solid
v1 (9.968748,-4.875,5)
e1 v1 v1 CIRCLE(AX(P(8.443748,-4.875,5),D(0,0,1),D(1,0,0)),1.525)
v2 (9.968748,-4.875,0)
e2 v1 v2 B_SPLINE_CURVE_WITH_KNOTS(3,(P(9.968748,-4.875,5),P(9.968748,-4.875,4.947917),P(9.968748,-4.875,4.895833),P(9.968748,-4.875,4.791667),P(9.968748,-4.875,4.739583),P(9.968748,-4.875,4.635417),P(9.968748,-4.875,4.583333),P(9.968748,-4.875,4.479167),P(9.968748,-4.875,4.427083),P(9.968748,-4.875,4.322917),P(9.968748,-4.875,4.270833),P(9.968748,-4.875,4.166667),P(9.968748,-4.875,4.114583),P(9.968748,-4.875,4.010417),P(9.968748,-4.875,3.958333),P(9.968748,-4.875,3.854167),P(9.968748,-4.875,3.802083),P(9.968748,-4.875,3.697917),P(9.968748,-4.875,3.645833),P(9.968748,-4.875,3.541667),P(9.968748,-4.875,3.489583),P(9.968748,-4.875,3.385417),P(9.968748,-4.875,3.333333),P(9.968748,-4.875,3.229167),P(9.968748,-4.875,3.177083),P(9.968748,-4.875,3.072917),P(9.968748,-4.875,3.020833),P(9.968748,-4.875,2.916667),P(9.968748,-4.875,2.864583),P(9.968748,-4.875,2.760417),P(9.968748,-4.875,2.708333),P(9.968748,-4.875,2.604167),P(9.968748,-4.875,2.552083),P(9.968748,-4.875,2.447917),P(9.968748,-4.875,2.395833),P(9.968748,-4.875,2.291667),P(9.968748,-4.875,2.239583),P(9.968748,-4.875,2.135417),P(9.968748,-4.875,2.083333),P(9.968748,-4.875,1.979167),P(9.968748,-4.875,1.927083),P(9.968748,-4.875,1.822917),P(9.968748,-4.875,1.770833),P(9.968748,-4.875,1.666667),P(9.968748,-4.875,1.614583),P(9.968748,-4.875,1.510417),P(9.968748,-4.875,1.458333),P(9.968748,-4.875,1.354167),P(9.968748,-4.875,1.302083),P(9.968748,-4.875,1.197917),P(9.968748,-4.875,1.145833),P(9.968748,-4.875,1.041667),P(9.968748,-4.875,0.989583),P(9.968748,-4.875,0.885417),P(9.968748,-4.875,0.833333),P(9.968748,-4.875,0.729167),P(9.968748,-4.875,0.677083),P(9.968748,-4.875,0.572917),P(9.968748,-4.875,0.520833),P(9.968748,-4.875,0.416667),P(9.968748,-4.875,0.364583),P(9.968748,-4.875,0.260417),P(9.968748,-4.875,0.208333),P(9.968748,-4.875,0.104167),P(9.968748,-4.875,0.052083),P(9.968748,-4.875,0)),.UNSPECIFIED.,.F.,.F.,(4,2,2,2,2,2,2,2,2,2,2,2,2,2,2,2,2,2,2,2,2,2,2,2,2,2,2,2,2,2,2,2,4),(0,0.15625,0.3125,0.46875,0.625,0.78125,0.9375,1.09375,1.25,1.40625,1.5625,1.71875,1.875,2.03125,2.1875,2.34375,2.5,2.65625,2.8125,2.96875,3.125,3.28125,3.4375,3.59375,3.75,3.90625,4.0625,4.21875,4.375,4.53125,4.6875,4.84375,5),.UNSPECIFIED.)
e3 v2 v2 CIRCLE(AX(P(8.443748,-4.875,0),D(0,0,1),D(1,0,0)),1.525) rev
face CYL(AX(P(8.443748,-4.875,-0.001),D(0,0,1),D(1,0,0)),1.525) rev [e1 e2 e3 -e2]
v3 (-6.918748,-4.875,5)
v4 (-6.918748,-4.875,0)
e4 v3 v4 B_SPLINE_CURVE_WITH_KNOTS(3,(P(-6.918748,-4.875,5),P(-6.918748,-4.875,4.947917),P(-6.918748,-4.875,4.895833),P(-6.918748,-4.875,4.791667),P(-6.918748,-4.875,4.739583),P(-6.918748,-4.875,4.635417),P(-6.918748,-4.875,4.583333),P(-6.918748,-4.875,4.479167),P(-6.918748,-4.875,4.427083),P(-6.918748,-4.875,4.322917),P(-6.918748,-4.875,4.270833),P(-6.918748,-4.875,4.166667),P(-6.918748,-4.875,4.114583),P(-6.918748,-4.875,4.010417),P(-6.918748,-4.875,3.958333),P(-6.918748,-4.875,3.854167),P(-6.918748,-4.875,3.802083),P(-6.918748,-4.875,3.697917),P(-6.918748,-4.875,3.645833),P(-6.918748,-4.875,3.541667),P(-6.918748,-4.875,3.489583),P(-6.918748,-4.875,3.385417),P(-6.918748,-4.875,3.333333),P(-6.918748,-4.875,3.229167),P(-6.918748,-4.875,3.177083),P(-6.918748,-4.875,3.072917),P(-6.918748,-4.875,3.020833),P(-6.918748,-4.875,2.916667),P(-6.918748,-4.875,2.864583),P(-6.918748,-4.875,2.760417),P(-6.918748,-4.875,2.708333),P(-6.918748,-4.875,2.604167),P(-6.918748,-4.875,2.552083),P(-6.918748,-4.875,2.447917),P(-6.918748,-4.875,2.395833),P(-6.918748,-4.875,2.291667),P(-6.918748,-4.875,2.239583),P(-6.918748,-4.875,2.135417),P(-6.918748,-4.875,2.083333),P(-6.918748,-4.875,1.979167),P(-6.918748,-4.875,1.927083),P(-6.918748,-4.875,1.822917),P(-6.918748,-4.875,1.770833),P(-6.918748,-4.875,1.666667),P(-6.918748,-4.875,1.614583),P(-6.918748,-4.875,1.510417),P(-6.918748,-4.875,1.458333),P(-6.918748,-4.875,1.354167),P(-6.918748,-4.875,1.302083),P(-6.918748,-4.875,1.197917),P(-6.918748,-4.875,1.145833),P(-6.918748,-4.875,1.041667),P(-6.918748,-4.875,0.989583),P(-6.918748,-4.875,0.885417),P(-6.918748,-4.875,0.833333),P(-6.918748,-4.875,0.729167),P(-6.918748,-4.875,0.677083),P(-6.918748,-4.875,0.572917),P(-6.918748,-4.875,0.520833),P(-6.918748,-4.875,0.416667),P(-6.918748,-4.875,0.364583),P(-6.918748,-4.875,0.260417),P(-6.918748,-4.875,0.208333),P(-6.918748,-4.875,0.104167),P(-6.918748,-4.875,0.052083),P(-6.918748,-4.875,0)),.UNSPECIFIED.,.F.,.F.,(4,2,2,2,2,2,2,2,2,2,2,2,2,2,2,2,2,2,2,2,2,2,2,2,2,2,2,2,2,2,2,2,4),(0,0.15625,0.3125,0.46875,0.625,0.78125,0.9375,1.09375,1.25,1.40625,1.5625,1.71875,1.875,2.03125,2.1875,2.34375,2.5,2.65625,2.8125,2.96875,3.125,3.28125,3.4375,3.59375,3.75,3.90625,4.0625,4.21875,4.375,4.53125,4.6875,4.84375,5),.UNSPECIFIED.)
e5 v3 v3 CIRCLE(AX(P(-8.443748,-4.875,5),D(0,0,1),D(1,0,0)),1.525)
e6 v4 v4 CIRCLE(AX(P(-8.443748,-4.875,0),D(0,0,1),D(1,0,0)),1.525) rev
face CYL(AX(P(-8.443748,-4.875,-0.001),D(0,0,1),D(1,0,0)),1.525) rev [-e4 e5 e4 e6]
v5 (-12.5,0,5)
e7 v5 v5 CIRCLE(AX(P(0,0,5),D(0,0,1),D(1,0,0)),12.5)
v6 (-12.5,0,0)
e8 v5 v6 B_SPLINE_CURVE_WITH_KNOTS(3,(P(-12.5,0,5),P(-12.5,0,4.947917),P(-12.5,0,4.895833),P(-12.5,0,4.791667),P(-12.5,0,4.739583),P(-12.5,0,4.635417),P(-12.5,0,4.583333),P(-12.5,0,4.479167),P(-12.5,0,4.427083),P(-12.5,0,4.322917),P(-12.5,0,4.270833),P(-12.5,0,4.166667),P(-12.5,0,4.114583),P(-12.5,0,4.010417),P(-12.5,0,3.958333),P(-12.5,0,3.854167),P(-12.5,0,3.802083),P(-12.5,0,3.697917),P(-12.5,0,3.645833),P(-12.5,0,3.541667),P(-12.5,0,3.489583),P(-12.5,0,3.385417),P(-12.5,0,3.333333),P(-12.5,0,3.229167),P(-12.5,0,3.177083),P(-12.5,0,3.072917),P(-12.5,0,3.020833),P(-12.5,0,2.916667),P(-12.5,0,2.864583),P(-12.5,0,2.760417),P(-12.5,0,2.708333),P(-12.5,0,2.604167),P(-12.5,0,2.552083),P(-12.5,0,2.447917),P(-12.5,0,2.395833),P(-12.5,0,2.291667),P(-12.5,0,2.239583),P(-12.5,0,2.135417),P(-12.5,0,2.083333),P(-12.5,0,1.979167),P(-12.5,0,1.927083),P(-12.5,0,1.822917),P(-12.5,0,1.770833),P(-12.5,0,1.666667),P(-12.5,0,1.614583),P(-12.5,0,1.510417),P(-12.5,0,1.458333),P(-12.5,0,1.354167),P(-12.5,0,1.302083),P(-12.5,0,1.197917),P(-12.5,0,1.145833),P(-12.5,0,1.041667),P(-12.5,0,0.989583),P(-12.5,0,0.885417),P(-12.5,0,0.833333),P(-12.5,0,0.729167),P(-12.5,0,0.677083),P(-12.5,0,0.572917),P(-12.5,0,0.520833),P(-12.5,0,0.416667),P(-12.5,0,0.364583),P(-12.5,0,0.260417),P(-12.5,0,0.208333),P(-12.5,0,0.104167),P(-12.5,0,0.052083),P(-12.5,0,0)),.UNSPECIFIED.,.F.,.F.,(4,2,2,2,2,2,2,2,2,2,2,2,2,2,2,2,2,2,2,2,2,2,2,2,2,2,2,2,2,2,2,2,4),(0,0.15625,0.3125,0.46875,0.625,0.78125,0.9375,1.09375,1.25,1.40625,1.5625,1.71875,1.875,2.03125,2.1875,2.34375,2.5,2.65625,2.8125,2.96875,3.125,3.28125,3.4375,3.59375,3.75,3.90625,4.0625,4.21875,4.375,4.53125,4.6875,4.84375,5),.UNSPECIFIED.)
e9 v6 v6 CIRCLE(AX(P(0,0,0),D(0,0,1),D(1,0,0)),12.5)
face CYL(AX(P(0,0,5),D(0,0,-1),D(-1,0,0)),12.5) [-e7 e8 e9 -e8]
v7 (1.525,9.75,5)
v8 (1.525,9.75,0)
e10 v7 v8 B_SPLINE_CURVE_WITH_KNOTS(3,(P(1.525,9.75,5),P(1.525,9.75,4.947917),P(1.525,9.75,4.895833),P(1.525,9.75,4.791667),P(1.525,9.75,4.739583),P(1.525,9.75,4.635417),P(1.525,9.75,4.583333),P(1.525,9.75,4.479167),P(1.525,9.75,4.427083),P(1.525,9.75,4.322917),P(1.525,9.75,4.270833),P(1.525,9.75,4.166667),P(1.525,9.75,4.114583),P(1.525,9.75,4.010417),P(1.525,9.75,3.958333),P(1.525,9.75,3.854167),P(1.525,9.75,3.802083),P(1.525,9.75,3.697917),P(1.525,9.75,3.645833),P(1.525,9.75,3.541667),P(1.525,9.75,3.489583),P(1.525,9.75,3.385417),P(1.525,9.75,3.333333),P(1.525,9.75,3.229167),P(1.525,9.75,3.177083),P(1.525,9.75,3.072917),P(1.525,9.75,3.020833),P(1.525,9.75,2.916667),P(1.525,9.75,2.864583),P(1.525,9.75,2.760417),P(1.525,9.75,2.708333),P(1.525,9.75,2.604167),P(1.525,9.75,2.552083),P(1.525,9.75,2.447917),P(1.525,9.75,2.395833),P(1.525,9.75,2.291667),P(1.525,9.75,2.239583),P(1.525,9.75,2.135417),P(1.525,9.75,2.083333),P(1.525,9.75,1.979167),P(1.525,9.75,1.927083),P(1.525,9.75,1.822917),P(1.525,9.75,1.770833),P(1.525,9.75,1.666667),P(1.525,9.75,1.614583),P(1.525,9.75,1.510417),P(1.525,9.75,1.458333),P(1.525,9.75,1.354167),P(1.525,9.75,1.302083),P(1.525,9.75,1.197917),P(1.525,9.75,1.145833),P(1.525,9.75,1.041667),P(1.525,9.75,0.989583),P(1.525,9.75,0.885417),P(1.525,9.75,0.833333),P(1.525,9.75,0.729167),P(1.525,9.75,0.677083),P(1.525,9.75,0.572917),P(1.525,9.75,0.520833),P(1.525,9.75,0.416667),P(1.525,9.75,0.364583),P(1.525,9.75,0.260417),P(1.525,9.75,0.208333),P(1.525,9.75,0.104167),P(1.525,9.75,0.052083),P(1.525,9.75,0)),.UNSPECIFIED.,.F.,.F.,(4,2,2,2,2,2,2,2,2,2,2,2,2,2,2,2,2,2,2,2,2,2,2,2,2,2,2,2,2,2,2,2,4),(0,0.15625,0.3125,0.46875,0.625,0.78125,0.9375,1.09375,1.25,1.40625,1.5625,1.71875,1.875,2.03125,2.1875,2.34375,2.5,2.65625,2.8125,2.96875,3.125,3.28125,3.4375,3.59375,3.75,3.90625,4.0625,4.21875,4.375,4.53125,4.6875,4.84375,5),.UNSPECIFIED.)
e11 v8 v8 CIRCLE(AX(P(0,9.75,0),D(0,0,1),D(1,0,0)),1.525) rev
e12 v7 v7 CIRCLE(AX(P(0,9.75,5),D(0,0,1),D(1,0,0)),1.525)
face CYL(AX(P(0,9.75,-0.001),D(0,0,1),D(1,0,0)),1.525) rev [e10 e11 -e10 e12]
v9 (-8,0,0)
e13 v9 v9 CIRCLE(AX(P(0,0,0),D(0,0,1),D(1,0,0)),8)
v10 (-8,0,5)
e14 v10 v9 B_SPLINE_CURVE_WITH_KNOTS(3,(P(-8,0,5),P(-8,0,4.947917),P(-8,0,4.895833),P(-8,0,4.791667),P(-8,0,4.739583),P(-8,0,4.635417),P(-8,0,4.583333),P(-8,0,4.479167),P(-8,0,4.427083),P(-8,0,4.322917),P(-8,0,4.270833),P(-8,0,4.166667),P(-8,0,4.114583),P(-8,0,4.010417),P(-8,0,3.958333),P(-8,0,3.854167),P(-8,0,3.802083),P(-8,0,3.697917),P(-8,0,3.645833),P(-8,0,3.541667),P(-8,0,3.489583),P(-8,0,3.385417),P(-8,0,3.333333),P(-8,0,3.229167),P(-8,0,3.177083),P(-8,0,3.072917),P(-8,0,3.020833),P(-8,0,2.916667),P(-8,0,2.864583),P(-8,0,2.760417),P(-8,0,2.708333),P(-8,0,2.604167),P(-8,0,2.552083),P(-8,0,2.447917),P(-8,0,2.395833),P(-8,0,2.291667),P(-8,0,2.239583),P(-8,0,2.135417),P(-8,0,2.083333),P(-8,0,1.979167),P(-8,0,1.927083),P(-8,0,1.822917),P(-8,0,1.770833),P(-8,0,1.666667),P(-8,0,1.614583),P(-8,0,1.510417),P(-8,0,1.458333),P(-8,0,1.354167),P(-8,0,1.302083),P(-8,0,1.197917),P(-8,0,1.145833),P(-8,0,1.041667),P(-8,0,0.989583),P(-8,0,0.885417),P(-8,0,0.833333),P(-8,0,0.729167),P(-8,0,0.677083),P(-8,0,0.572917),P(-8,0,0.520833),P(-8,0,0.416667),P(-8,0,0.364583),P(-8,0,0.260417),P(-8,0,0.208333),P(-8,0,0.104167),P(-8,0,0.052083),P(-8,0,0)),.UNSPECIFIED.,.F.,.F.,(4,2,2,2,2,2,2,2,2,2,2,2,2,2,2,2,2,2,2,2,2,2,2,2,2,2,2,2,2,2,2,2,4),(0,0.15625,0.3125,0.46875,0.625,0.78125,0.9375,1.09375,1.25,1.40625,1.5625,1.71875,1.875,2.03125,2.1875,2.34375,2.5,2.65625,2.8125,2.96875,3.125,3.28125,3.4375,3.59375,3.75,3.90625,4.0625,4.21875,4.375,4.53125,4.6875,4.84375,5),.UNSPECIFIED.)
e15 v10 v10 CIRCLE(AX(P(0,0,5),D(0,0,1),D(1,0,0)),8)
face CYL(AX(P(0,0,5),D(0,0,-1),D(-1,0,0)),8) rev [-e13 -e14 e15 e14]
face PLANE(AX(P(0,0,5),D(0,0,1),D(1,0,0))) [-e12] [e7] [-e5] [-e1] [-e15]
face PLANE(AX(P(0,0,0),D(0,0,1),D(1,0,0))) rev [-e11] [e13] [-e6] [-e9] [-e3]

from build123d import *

# Parameters (mm, degrees)
SKETCH1_R           = 12.5
SKETCH1_R_2         = 8
BOSS_EXTRUDE1_DEPTH = 5
CUT_EXTRUDE1_REACH  = 20.371
SKETCH2_R           = 1.525


with BuildPart() as part:
    # Sketch1 → Boss-Extrude1 (new body)
    with BuildSketch(Plane.XY):
        Circle(SKETCH1_R)
        Circle(SKETCH1_R_2, mode=Mode.SUBTRACT)
    extrude(amount=BOSS_EXTRUDE1_DEPTH)

    # Sketch2 → Cut-Extrude1 (cut, up to next)
    with BuildSketch(Plane.XY.offset(5), mode=Mode.PRIVATE) as cut_extrude1_sk1:
        with Locations((0, 9.75)):
            Circle(SKETCH2_R)
    cut_extrude1_tool1 = extrude(cut_extrude1_sk1.sketch, amount=-CUT_EXTRUDE1_REACH, mode=Mode.PRIVATE) & part.part
    # Sketch2 → Cut-Extrude1 (cut, up to next)
    with BuildSketch(Plane.XY.offset(5), mode=Mode.PRIVATE) as cut_extrude1_sk2:
        with Locations((8.443747687, -4.875)):
            Circle(SKETCH2_R)
    cut_extrude1_tool2 = extrude(cut_extrude1_sk2.sketch, amount=-CUT_EXTRUDE1_REACH, mode=Mode.PRIVATE) & part.part
    # Sketch2 → Cut-Extrude1 (cut, up to next)
    with BuildSketch(Plane.XY.offset(5), mode=Mode.PRIVATE) as cut_extrude1_sk3:
        with Locations((-8.443747687, -4.875)):
            Circle(SKETCH2_R)
    cut_extrude1_tool3 = extrude(cut_extrude1_sk3.sketch, amount=-CUT_EXTRUDE1_REACH, mode=Mode.PRIVATE) & part.part
    add(cut_extrude1_tool1.solids().sort_by_distance((0, 9.75, 5))[0], mode=Mode.SUBTRACT)
    add(cut_extrude1_tool2.solids().sort_by_distance((8.443748, -4.875, 5))[0], mode=Mode.SUBTRACT)
    add(cut_extrude1_tool3.solids().sort_by_distance((-8.443748, -4.875, 5))[0], mode=Mode.SUBTRACT)


solid = part.part
